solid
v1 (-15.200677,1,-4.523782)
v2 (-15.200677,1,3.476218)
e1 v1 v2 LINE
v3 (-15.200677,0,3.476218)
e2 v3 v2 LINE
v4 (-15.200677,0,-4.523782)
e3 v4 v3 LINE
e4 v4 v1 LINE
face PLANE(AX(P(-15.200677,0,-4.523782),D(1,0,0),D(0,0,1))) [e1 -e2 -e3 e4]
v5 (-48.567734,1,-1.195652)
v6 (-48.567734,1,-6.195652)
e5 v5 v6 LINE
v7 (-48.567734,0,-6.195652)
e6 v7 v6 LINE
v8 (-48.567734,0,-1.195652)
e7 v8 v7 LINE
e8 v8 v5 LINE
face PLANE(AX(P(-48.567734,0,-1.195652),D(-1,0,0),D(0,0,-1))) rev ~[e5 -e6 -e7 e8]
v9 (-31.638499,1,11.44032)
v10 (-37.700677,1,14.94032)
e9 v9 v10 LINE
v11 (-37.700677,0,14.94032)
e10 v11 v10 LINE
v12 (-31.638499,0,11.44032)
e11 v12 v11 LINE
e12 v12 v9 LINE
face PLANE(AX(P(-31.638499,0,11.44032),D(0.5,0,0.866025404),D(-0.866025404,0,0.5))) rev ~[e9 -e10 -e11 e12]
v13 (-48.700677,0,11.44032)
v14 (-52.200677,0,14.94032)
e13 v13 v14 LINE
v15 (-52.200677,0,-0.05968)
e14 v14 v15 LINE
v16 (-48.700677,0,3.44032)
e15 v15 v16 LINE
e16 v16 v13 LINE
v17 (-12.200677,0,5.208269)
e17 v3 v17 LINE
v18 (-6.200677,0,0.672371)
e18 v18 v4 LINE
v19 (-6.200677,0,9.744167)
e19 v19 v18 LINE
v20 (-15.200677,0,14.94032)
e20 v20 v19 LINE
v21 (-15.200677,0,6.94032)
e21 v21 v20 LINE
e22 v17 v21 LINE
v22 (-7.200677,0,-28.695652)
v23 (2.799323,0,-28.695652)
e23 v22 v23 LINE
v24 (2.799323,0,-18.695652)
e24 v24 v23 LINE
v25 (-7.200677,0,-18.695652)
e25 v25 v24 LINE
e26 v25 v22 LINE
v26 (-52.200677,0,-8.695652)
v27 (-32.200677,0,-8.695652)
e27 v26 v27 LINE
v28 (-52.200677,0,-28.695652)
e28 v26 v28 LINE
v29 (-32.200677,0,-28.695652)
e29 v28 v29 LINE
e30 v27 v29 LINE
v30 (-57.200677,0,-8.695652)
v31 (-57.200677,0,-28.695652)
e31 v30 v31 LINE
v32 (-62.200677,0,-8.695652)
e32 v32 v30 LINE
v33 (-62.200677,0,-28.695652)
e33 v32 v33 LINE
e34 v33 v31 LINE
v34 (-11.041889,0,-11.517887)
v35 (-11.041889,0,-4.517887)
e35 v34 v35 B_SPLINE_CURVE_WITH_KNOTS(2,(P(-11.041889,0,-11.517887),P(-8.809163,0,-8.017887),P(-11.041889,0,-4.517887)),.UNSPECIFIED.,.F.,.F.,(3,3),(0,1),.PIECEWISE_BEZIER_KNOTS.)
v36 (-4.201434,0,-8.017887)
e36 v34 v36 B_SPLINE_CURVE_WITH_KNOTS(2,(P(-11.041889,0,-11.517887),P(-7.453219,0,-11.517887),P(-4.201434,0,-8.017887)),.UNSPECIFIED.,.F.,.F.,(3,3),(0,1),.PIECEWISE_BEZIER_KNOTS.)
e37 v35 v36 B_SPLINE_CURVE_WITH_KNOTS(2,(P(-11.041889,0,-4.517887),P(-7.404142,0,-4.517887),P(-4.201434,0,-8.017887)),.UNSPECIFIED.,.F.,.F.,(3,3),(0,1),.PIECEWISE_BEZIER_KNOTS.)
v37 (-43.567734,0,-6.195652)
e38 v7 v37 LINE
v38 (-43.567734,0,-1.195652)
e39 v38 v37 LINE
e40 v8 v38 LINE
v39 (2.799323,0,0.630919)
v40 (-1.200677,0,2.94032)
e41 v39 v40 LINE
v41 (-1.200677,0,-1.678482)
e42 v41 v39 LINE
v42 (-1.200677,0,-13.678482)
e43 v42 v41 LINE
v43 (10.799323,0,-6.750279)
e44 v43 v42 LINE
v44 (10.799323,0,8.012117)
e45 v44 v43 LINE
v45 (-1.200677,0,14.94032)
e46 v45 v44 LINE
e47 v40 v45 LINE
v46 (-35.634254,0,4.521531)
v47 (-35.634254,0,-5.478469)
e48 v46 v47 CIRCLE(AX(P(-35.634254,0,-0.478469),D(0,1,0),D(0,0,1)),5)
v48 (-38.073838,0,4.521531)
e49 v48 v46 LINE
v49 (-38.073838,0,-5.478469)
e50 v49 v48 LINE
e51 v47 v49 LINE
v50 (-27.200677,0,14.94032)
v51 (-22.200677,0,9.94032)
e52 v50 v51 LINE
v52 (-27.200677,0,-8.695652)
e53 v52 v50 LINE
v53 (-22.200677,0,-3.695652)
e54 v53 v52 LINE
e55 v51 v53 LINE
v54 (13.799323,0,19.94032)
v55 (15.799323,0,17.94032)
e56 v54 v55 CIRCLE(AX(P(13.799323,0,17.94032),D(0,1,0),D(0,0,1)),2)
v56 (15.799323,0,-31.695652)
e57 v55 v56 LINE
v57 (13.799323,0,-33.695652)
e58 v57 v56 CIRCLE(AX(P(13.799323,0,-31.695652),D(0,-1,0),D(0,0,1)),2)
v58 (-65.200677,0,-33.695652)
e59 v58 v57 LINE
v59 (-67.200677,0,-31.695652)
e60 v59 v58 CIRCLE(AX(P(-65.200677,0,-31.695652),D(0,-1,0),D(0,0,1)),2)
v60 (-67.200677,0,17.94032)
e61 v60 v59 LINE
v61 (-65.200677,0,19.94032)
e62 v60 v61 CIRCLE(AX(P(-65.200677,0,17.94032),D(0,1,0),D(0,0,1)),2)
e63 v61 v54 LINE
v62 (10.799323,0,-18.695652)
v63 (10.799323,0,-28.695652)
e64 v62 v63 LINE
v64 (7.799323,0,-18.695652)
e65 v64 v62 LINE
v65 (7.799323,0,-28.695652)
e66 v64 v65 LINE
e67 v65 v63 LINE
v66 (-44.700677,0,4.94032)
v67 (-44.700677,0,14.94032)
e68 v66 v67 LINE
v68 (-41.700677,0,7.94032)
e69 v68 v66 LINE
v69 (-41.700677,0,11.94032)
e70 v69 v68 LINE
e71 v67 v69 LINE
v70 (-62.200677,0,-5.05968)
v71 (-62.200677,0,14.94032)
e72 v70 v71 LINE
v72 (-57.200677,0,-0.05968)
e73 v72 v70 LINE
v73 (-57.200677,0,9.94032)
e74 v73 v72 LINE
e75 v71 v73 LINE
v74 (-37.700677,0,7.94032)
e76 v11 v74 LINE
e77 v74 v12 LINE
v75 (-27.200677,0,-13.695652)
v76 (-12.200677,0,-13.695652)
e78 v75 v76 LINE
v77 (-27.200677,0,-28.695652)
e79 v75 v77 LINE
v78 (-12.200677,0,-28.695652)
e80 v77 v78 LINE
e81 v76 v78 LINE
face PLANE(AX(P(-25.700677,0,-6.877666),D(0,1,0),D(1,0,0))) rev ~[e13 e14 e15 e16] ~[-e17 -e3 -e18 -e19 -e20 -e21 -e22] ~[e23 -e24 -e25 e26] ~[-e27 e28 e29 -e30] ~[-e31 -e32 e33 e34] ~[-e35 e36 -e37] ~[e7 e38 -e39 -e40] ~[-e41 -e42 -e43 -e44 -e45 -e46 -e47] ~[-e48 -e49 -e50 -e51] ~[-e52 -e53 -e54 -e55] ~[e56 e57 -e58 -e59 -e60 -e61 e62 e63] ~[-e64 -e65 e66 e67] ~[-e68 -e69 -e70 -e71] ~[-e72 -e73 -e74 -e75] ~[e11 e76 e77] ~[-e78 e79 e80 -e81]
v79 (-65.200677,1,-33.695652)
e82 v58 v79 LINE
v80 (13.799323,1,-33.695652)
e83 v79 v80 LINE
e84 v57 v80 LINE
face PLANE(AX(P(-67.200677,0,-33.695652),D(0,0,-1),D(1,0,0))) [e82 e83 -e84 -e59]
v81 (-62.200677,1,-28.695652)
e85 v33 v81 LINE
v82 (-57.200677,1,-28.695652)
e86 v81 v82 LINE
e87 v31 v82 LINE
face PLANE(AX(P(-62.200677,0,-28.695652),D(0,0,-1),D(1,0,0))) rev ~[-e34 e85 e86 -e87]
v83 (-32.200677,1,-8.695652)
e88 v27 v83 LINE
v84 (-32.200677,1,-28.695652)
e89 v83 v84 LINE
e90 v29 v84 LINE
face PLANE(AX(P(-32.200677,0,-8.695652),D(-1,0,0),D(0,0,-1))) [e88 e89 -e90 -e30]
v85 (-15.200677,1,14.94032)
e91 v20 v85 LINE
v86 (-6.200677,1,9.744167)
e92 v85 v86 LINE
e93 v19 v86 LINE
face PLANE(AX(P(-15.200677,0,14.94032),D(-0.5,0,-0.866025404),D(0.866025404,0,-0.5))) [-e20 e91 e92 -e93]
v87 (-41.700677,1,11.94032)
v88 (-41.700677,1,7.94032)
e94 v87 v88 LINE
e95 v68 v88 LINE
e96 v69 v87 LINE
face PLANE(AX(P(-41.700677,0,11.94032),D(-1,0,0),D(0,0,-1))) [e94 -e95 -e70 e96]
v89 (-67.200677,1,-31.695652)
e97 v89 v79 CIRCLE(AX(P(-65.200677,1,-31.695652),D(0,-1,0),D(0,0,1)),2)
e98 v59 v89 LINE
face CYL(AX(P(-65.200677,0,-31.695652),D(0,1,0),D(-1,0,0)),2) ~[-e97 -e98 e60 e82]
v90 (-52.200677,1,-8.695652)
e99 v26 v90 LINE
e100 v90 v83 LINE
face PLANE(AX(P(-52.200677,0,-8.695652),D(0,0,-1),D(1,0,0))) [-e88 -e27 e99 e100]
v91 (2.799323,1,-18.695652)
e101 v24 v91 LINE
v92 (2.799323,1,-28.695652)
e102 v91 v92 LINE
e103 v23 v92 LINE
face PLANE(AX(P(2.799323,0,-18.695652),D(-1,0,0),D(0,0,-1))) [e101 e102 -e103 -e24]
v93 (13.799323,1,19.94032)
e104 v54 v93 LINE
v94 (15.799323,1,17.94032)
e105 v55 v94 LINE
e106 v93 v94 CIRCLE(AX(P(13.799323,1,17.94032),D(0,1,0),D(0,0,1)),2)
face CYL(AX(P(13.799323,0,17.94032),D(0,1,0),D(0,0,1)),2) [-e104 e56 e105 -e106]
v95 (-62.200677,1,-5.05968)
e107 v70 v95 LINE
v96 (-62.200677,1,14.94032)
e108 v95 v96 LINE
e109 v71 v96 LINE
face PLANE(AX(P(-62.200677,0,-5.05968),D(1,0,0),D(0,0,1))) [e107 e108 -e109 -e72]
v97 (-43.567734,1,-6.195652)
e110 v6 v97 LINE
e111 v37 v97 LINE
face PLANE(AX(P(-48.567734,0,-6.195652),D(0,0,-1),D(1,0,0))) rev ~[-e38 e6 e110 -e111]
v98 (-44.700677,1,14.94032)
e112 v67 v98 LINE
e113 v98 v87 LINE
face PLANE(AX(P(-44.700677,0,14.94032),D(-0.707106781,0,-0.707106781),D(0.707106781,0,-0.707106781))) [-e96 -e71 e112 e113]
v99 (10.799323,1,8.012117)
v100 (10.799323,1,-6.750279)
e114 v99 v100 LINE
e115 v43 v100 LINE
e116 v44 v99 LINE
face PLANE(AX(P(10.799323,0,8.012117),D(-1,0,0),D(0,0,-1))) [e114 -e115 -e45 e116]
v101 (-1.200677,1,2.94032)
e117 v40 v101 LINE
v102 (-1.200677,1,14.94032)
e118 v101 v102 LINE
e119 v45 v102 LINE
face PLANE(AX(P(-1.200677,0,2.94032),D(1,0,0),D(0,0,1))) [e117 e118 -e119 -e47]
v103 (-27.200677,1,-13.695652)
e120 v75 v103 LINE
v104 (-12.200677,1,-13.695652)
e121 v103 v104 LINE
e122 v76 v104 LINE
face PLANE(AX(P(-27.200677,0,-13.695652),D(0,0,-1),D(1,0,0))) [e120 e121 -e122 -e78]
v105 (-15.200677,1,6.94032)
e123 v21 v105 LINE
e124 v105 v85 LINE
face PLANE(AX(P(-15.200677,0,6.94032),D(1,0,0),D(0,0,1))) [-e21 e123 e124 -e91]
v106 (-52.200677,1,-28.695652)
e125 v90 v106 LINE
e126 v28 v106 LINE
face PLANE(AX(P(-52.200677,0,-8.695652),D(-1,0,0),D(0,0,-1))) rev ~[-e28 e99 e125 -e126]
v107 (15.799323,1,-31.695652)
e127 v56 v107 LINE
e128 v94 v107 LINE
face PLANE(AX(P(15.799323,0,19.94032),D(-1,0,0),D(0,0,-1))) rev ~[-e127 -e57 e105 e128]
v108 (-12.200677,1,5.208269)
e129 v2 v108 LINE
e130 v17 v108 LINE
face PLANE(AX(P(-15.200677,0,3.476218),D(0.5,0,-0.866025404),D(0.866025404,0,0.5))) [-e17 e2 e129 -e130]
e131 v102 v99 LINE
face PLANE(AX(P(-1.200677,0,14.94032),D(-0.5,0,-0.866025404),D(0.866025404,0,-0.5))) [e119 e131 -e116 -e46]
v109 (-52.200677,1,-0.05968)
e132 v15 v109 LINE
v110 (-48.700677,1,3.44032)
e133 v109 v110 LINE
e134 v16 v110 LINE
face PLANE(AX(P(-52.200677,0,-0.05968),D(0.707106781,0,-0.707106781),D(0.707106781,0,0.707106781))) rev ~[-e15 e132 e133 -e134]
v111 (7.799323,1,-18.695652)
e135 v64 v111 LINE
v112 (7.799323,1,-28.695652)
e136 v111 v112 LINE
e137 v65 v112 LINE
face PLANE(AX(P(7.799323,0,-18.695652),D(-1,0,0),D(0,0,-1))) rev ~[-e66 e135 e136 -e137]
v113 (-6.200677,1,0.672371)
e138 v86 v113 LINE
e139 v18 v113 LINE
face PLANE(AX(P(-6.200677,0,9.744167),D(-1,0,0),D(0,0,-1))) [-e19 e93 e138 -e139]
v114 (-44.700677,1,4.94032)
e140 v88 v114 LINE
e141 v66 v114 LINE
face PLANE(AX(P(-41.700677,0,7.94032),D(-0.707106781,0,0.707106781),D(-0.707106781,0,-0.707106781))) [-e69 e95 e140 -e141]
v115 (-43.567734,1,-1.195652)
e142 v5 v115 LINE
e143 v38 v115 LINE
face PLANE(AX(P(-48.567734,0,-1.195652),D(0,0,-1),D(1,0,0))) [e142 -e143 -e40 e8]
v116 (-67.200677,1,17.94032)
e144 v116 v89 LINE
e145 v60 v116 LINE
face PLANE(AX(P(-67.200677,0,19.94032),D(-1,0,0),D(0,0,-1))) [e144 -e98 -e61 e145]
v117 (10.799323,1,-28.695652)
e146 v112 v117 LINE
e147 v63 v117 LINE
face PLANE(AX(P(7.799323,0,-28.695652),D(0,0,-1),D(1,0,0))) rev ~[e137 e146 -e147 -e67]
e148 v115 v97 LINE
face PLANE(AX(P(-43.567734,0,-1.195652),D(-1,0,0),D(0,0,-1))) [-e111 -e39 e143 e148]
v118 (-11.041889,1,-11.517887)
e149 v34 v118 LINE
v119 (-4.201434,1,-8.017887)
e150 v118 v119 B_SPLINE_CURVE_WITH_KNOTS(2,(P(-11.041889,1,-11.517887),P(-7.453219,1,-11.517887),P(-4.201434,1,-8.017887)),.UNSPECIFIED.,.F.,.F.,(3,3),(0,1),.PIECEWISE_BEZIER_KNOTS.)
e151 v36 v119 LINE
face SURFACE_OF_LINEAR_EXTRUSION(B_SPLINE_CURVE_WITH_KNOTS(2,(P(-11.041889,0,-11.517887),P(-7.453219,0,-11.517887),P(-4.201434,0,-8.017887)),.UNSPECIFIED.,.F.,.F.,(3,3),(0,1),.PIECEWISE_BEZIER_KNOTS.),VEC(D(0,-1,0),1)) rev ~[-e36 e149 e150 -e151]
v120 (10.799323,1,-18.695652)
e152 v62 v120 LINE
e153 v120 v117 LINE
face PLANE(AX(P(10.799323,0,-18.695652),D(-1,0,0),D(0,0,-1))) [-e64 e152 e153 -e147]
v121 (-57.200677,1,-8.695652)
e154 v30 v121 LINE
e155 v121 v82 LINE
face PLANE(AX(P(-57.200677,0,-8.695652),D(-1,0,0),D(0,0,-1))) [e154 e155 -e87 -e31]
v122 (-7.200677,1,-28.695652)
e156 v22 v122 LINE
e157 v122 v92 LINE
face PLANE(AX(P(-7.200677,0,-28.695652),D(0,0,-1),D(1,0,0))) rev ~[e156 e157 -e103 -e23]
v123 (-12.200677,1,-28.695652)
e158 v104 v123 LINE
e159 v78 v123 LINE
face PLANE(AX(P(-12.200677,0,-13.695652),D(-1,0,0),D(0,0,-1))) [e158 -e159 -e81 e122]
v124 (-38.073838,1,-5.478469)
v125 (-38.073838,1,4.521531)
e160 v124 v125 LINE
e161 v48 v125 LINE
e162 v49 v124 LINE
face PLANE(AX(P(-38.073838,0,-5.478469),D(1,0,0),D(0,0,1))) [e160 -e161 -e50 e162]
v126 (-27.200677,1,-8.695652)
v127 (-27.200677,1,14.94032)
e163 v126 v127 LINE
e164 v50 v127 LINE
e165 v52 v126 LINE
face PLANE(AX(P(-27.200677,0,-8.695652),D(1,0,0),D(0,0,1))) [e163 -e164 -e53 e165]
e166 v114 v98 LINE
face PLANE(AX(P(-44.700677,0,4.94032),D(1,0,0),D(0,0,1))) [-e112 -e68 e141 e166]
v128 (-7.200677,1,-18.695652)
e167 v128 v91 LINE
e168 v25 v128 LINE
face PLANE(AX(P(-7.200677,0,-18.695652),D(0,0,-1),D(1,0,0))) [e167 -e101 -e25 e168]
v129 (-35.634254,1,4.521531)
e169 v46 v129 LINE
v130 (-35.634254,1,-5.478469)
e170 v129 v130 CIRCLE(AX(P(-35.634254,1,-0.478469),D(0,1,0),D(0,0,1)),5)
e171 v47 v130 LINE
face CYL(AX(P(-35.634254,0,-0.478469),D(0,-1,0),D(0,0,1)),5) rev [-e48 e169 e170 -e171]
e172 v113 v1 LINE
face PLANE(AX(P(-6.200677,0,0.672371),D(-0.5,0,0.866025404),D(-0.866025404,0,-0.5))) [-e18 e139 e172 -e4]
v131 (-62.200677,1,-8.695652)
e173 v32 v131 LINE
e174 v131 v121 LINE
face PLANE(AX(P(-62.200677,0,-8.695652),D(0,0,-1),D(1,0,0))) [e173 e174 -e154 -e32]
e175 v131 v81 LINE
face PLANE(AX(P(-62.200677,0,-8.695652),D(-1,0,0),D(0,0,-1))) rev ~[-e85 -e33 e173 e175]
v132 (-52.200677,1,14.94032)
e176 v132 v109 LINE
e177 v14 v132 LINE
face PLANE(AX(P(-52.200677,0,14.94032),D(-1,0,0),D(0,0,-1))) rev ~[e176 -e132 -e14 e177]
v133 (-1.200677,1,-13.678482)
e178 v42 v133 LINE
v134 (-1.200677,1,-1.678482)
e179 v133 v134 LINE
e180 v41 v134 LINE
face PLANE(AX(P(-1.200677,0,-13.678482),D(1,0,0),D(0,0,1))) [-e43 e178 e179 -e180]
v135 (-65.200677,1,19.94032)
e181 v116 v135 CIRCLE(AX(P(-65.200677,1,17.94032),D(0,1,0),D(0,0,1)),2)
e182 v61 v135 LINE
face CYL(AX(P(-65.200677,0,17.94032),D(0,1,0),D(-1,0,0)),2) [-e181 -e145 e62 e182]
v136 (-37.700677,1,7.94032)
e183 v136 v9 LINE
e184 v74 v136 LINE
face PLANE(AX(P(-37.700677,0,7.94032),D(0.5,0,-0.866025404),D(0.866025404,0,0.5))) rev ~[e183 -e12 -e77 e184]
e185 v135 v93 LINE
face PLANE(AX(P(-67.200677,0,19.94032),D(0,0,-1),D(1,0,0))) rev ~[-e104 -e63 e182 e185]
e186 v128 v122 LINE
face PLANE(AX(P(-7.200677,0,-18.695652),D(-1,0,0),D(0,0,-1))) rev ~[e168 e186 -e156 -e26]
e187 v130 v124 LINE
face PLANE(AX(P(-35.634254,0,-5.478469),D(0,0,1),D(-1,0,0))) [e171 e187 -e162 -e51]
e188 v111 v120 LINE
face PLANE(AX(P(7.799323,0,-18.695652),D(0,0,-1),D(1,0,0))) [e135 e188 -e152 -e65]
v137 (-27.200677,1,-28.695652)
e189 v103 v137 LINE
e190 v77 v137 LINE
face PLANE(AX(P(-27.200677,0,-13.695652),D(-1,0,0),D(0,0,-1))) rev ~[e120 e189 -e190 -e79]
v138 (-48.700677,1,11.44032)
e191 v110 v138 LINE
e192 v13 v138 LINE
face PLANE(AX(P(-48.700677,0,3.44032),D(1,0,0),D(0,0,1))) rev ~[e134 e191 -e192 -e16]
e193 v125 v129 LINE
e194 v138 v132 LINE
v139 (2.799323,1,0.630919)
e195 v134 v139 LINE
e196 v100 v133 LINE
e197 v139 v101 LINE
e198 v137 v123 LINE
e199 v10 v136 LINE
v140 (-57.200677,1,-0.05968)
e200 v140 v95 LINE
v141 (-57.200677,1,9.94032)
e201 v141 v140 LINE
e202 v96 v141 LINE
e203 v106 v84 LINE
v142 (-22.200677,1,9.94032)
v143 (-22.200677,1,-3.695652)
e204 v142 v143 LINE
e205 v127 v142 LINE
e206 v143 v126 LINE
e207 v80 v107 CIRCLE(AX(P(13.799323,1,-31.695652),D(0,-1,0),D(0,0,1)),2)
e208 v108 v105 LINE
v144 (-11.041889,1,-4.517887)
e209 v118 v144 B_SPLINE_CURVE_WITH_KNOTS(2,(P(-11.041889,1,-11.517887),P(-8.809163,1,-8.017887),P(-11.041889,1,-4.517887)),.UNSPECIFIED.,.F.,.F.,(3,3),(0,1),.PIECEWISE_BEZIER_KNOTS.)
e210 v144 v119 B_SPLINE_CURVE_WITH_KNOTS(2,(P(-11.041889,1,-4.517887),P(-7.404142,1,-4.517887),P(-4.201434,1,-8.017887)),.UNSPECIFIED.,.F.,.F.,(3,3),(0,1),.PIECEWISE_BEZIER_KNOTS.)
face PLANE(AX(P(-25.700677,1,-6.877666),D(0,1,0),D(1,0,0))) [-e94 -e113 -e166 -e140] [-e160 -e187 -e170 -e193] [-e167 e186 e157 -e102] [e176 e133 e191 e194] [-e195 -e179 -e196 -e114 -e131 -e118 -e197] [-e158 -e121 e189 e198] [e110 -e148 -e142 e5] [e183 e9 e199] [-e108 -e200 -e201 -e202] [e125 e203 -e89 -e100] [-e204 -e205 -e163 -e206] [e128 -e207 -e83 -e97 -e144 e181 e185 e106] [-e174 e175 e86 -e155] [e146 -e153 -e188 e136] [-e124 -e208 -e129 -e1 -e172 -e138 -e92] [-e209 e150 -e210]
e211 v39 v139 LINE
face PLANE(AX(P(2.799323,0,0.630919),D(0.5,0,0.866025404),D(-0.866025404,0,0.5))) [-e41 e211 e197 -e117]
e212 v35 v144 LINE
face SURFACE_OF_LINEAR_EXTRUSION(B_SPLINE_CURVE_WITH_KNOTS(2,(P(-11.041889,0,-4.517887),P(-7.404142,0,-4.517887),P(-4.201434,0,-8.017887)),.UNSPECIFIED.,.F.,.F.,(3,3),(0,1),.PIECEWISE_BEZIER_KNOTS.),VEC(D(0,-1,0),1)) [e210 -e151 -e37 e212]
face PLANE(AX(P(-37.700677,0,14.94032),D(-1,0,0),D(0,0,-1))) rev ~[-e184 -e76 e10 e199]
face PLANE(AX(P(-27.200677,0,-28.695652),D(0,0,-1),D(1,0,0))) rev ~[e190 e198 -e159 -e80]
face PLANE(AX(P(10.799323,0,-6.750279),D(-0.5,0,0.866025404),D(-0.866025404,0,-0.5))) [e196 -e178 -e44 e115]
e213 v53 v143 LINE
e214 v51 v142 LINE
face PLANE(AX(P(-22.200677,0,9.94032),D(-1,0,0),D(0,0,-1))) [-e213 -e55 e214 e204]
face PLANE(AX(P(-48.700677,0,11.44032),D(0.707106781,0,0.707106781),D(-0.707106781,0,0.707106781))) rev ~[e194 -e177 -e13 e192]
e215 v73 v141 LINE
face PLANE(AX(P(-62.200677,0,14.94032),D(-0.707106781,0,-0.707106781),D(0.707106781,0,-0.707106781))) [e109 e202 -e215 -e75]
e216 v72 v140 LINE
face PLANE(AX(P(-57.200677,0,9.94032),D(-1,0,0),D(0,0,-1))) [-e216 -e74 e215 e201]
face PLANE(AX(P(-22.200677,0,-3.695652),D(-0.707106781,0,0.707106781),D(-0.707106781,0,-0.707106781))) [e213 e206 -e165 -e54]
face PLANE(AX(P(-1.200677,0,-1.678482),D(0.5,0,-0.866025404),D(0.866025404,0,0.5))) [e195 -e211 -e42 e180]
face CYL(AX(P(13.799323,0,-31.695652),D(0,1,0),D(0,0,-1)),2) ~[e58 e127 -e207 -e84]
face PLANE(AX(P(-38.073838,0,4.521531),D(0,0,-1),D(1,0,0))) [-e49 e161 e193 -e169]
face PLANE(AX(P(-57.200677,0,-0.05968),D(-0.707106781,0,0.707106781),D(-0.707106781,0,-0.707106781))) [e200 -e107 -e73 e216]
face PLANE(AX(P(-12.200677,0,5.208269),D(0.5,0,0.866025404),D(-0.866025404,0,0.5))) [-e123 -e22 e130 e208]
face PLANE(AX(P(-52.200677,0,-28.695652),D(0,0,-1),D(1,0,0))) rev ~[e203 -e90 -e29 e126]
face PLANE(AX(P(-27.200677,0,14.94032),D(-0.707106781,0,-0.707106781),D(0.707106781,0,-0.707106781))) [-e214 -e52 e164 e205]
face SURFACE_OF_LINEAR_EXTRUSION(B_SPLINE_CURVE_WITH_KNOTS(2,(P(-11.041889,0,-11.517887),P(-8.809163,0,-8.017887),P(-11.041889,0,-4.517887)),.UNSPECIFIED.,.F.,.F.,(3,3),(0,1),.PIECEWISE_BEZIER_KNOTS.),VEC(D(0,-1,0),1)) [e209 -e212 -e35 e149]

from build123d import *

# Parameters (mm, degrees)
SKETCH1_W           = 83
SKETCH1_H           = 53.635971978
SKETCH1_W_2         = 20
SKETCH1_H_2         = 20
SKETCH1_W_3         = 15
SKETCH1_H_3         = 15
SKETCH1_W_4         = 10
SKETCH1_H_4         = 10
SKETCH1_W_5         = 5
SKETCH1_W_6         = 3
SKETCH1_H_5         = 5
BOSS_EXTRUDE1_DEPTH = 1
FILLET1_R           = 2


with BuildPart() as part:
    # Sketch1 → Boss-Extrude1 (new body)
    with BuildSketch(Plane(origin=(0, 0, 0), x_dir=(1, 0, 0), z_dir=(0, 1, 0))):
        with Locations((-25.700677223, 6.877666185)):
            Rectangle(SKETCH1_W, SKETCH1_H)
        Polygon((-62.200677223, 5.059680196), (-62.200677223, -14.940319804), (-57.200677223, -9.940319804), (-57.200677223, 0.059680196), align=None, mode=Mode.SUBTRACT)
        with Locations((-42.200677223, 18.695652174)):
            Rectangle(SKETCH1_W_2, SKETCH1_H_2, mode=Mode.SUBTRACT)
        with Locations((-19.700677223, 21.195652174)):
            Rectangle(SKETCH1_W_3, SKETCH1_H_3, mode=Mode.SUBTRACT)
        with Locations((-2.200677223, 23.695652174)):
            Rectangle(SKETCH1_W_4, SKETCH1_H_4, mode=Mode.SUBTRACT)
        with Locations((-59.700677223, 18.695652174)):
            Rectangle(SKETCH1_W_5, SKETCH1_H_2, mode=Mode.SUBTRACT)
        with Locations((9.299322777, 23.695652174)):
            Rectangle(SKETCH1_W_6, SKETCH1_H_4, mode=Mode.SUBTRACT)
        Polygon((-52.200677223, -14.940319804), (-52.200677223, 0.059680196), (-48.700677223, -3.440319804), (-48.700677223, -11.440319804), align=None, mode=Mode.SUBTRACT)
        Polygon((-44.700677223, -4.940319804), (-44.700677223, -14.940319804), (-41.700677223, -11.940319804), (-41.700677223, -7.940319804), align=None, mode=Mode.SUBTRACT)
        Polygon((-1.200677223, 13.67848235), (-1.200677223, 1.67848235), (2.799322777, -0.630918727), (-1.200677223, -2.940319804), (-1.200677223, -14.940319804), (10.799322777, -8.012116573), (10.799322777, 6.750279119), align=None, mode=Mode.SUBTRACT)
        Polygon((-15.200677223, 4.523781811), (-15.200677223, -3.476218189), (-12.200677223, -5.208268996), (-15.200677223, -6.940319804), (-15.200677223, -14.940319804), (-6.200677223, -9.744167381), (-6.200677223, -0.672370611), align=None, mode=Mode.SUBTRACT)
        Polygon((-27.200677223, 8.695652174), (-27.200677223, -14.940319804), (-22.200677223, -9.940319804), (-22.200677223, 3.695652174), align=None, mode=Mode.SUBTRACT)
        Polygon((-37.700677223, -14.940319804), (-37.700677223, -7.940319804), (-31.638499397, -11.440319804), align=None, mode=Mode.SUBTRACT)
        with Locations((-46.067733945, 3.695652174)):
            Rectangle(SKETCH1_W_5, SKETCH1_H_5, mode=Mode.SUBTRACT)
        with BuildLine():
            Line((-35.634253982, 5.478469437), (-38.073838133, 5.478469437))
            Line((-38.073838133, 5.478469437), (-38.073838133, -4.521530563))
            Line((-38.073838133, -4.521530563), (-35.634253982, -4.521530563))
            ThreePointArc((-35.634253982, -4.521530563), (-30.634253982, 0.478469437), (-35.634253982, 5.478469437))
        make_face(mode=Mode.SUBTRACT)
        with BuildLine():
            add(Edge.make_bspline(
                [(-11.041888769, 11.517886634), (-8.809163486, 8.017886634), (-11.041888769, 4.517886634)],
                knots=[0, 0, 0, 1, 1, 1], degree=2))
            add(Edge.make_bspline(
                [(-11.041888769, 4.517886634), (-7.404142371, 4.517886634), (-4.201433986, 8.017886634)],
                knots=[0, 0, 0, 1, 1, 1], degree=2))
            add(Edge.make_bspline(
                [(-11.041888769, 11.517886634), (-7.453218548, 11.517886634), (-4.201433986, 8.017886634)],
                knots=[0, 0, 0, 1, 1, 1], degree=2))
        make_face(mode=Mode.SUBTRACT)
    extrude(amount=BOSS_EXTRUDE1_DEPTH)

    # Fillet1
    fillet1_edges = [part.edges().sort_by_distance(p)[0] for p in [
        (-67.200677223, 0.5, -33.695652174),
        (15.799322777, 0.5, -33.695652174),
        (15.799322777, 0.5, 19.940319804),
        (-67.200677223, 0.5, 19.940319804),
    ]]
    fillet(fillet1_edges, radius=FILLET1_R)


solid = part.part
